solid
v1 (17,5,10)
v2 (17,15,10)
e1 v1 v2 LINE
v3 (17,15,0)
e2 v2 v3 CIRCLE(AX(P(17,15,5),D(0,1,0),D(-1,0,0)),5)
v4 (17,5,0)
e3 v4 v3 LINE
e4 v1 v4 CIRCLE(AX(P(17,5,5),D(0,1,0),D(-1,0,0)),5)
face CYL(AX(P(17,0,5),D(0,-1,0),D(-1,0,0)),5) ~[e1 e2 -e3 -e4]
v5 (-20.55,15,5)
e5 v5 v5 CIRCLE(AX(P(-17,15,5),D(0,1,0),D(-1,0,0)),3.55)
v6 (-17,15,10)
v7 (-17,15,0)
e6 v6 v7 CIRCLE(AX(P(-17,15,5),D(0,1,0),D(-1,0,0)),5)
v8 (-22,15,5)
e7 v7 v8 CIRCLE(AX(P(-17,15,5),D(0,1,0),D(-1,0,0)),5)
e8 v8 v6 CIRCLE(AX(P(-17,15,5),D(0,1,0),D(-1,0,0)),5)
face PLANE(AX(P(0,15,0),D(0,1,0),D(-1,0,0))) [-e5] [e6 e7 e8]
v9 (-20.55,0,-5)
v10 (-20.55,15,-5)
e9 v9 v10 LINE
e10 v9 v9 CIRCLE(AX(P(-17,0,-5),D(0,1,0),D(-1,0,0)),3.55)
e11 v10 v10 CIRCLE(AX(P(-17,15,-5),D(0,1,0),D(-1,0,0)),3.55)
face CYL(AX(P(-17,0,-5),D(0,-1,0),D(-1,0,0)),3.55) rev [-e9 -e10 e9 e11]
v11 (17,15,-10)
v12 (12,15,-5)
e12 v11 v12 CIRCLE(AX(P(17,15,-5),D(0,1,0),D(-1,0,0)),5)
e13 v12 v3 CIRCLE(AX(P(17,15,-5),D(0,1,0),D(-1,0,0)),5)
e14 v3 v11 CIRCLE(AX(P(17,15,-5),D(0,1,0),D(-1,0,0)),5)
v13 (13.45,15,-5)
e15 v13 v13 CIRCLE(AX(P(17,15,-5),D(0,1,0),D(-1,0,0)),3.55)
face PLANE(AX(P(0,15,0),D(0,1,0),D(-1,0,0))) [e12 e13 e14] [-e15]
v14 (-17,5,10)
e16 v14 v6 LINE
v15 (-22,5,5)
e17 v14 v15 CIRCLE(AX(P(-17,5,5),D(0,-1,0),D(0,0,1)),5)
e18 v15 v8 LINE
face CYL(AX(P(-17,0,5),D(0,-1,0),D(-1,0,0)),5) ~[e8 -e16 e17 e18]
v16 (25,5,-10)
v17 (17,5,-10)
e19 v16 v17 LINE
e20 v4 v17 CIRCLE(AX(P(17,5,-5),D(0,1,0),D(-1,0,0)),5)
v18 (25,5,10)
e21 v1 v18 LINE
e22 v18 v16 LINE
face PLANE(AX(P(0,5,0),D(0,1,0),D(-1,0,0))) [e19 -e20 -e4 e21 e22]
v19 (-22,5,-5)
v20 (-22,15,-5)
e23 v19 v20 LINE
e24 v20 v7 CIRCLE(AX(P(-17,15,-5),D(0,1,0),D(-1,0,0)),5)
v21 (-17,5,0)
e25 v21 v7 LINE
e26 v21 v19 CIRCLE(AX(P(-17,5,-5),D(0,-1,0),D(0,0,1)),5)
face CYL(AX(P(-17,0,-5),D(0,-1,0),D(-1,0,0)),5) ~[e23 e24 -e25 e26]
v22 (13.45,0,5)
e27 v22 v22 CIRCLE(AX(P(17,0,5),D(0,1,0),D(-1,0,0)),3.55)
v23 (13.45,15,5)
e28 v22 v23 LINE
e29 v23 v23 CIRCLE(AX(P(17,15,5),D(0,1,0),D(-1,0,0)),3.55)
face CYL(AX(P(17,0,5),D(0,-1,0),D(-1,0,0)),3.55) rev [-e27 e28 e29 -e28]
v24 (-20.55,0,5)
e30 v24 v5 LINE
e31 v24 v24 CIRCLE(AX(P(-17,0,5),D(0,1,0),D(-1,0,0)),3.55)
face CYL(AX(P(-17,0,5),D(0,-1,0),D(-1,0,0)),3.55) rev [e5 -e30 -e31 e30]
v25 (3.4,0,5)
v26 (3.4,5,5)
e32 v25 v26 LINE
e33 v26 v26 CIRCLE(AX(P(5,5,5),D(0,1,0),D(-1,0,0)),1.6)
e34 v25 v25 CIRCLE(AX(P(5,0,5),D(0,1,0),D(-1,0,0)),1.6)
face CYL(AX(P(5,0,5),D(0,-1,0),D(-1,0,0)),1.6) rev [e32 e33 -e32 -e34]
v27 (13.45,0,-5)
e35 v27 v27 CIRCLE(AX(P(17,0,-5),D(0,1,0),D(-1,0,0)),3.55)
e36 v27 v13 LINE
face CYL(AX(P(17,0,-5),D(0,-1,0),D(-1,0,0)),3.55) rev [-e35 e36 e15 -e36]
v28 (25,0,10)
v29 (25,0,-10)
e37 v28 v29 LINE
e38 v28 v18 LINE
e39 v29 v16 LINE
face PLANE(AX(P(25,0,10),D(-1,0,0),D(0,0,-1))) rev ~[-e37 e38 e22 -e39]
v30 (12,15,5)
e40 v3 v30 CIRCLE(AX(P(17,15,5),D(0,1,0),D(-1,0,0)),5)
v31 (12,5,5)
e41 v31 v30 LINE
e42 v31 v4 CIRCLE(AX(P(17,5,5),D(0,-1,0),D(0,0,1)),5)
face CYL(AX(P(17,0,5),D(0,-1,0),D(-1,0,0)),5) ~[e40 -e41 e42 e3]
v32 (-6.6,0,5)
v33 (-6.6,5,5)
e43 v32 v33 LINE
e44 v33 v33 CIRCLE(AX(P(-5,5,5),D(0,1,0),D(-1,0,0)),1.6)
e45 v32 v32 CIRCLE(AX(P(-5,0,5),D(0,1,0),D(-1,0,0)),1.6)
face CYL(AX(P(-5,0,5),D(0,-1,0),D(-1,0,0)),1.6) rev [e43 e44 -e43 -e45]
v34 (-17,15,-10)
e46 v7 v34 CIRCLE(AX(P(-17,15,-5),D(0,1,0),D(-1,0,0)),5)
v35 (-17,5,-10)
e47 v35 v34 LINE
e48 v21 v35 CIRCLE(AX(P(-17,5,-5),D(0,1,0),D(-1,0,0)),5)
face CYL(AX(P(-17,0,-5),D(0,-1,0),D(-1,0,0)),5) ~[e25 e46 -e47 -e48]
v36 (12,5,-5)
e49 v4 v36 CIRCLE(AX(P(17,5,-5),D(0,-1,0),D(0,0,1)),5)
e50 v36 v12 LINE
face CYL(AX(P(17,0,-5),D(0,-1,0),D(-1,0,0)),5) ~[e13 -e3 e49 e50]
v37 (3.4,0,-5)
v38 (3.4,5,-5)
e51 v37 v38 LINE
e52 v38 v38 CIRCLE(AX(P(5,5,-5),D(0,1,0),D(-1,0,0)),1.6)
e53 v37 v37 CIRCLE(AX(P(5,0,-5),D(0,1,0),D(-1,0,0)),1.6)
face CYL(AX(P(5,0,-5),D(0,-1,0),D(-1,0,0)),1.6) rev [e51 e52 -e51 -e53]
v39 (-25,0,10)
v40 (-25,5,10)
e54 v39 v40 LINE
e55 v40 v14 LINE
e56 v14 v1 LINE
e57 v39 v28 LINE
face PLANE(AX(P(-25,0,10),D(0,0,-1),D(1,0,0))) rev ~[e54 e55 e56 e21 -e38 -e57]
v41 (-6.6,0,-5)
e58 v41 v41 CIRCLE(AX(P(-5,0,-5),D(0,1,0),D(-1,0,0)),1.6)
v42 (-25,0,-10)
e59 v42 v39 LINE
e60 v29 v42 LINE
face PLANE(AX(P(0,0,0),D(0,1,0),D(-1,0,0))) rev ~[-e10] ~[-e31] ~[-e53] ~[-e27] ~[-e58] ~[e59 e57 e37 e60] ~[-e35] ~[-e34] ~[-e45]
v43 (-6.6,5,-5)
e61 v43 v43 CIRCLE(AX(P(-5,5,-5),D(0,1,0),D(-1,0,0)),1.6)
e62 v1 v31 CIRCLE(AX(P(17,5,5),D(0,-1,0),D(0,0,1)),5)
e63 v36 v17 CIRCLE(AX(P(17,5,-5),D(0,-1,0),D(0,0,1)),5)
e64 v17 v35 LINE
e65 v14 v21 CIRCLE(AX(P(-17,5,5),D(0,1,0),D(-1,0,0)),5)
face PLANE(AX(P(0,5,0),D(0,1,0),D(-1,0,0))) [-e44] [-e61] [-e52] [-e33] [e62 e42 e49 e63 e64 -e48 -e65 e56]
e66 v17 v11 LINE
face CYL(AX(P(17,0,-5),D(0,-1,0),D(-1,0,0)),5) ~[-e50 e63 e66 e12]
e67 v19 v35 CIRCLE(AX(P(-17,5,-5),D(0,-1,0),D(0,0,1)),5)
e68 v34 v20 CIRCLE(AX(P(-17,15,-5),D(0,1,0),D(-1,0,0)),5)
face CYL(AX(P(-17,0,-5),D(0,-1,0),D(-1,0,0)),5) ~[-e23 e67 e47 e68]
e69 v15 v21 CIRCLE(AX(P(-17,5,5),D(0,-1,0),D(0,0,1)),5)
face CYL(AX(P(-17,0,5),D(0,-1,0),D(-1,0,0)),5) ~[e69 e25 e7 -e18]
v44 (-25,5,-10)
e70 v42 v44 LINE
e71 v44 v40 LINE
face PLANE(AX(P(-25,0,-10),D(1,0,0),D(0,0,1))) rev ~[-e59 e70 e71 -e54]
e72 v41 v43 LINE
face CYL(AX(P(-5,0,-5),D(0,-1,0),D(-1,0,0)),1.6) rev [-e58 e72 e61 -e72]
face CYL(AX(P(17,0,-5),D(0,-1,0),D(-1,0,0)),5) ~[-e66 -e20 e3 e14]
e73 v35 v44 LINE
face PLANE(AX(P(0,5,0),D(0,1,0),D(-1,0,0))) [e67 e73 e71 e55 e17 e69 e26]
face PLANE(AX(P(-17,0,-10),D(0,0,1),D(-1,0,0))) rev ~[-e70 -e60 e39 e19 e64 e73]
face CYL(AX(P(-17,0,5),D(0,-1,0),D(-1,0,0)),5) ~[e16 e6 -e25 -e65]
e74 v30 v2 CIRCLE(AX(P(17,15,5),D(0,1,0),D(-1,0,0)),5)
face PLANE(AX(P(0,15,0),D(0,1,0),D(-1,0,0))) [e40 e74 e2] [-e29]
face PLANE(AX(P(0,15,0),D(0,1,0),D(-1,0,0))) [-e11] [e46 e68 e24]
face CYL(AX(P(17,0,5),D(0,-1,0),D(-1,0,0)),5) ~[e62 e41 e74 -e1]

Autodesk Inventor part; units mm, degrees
ref_plane "YZ Plane" through (0, 0, 0) normal (1, 0, 0) x (0, 1, 0)
ref_plane "XZ Plane" through (0, 0, 0) normal (0, 1, 0) x (-1, 0, 0)
ref_plane "XY Plane" through (0, 0, 0) normal (0, 0, 1) x (1, 0, 0)
sketch "Sketch1" plane through (0, 0, 0) normal (0, 1, 0) x (-1, 0, 0)
  line L0 (25, 10) -> (-25, 10)
  line L1 (-25, 10) -> (-25, -10)
  line L2 (-25, -10) -> (25, -10)
  line L3 (25, -10) -> (25, 10)
  line L4 (25, 10) -> (-25, -10) construction
  line L5 (-25, 10) -> (25, -10) construction
  circle A0 centre (-17, 5) radius 3.55
  line L6 (32, 0) -> (-42, 0) construction
  line L7 (0, 26) -> (0, -35) construction
  circle A1 centre (-5, 5) radius 1.6
  circle A2 centre (-17, -5) radius 3.55
  circle A3 centre (-5, -5) radius 1.6
  circle A4 centre (17, 5) radius 3.55
  circle A5 centre (5, 5) radius 1.6
  circle A6 centre (5, -5) radius 1.6
  circle A7 centre (17, -5) radius 3.55
  circle A8 centre (-17, -5) radius 5
  circle A9 centre (-17, 5) radius 5
  circle A10 centre (17, 5) radius 5
  circle A11 centre (17, -5) radius 5
  point P0 (0, 0)
  point P1 (17, 10)
  point P2 (17, 0)
  point P3 (17, -10)
  point P4 (-17, 10)
  point P5 (-17, 0)
  point P6 (-17, -10)
  dimension "d0" = 50
  dimension "d1" = 20
  dimension "d2" = 7.1
  dimension "d3" = 5
  dimension "d4" = 3.2
  dimension "d5" = 12
  dimension "d6" = 10
  dimension "d7" = 10
  dimension "d8" = 10
  dimension "d9" = 10
extrude "Extrusion1" add sketch "Sketch1" along normal blind 5 contours L3 L2 A11 A10 L0 | A10 A11 L2 A8 A9 L0 | A9 A8 L2 L1 L0
extrude "Extrusion2" add sketch "Sketch1" along normal blind 15 contours A10 | A9 | A11 | A8
properties part number "Fix Double Bracket Lifter_3DPrint"
